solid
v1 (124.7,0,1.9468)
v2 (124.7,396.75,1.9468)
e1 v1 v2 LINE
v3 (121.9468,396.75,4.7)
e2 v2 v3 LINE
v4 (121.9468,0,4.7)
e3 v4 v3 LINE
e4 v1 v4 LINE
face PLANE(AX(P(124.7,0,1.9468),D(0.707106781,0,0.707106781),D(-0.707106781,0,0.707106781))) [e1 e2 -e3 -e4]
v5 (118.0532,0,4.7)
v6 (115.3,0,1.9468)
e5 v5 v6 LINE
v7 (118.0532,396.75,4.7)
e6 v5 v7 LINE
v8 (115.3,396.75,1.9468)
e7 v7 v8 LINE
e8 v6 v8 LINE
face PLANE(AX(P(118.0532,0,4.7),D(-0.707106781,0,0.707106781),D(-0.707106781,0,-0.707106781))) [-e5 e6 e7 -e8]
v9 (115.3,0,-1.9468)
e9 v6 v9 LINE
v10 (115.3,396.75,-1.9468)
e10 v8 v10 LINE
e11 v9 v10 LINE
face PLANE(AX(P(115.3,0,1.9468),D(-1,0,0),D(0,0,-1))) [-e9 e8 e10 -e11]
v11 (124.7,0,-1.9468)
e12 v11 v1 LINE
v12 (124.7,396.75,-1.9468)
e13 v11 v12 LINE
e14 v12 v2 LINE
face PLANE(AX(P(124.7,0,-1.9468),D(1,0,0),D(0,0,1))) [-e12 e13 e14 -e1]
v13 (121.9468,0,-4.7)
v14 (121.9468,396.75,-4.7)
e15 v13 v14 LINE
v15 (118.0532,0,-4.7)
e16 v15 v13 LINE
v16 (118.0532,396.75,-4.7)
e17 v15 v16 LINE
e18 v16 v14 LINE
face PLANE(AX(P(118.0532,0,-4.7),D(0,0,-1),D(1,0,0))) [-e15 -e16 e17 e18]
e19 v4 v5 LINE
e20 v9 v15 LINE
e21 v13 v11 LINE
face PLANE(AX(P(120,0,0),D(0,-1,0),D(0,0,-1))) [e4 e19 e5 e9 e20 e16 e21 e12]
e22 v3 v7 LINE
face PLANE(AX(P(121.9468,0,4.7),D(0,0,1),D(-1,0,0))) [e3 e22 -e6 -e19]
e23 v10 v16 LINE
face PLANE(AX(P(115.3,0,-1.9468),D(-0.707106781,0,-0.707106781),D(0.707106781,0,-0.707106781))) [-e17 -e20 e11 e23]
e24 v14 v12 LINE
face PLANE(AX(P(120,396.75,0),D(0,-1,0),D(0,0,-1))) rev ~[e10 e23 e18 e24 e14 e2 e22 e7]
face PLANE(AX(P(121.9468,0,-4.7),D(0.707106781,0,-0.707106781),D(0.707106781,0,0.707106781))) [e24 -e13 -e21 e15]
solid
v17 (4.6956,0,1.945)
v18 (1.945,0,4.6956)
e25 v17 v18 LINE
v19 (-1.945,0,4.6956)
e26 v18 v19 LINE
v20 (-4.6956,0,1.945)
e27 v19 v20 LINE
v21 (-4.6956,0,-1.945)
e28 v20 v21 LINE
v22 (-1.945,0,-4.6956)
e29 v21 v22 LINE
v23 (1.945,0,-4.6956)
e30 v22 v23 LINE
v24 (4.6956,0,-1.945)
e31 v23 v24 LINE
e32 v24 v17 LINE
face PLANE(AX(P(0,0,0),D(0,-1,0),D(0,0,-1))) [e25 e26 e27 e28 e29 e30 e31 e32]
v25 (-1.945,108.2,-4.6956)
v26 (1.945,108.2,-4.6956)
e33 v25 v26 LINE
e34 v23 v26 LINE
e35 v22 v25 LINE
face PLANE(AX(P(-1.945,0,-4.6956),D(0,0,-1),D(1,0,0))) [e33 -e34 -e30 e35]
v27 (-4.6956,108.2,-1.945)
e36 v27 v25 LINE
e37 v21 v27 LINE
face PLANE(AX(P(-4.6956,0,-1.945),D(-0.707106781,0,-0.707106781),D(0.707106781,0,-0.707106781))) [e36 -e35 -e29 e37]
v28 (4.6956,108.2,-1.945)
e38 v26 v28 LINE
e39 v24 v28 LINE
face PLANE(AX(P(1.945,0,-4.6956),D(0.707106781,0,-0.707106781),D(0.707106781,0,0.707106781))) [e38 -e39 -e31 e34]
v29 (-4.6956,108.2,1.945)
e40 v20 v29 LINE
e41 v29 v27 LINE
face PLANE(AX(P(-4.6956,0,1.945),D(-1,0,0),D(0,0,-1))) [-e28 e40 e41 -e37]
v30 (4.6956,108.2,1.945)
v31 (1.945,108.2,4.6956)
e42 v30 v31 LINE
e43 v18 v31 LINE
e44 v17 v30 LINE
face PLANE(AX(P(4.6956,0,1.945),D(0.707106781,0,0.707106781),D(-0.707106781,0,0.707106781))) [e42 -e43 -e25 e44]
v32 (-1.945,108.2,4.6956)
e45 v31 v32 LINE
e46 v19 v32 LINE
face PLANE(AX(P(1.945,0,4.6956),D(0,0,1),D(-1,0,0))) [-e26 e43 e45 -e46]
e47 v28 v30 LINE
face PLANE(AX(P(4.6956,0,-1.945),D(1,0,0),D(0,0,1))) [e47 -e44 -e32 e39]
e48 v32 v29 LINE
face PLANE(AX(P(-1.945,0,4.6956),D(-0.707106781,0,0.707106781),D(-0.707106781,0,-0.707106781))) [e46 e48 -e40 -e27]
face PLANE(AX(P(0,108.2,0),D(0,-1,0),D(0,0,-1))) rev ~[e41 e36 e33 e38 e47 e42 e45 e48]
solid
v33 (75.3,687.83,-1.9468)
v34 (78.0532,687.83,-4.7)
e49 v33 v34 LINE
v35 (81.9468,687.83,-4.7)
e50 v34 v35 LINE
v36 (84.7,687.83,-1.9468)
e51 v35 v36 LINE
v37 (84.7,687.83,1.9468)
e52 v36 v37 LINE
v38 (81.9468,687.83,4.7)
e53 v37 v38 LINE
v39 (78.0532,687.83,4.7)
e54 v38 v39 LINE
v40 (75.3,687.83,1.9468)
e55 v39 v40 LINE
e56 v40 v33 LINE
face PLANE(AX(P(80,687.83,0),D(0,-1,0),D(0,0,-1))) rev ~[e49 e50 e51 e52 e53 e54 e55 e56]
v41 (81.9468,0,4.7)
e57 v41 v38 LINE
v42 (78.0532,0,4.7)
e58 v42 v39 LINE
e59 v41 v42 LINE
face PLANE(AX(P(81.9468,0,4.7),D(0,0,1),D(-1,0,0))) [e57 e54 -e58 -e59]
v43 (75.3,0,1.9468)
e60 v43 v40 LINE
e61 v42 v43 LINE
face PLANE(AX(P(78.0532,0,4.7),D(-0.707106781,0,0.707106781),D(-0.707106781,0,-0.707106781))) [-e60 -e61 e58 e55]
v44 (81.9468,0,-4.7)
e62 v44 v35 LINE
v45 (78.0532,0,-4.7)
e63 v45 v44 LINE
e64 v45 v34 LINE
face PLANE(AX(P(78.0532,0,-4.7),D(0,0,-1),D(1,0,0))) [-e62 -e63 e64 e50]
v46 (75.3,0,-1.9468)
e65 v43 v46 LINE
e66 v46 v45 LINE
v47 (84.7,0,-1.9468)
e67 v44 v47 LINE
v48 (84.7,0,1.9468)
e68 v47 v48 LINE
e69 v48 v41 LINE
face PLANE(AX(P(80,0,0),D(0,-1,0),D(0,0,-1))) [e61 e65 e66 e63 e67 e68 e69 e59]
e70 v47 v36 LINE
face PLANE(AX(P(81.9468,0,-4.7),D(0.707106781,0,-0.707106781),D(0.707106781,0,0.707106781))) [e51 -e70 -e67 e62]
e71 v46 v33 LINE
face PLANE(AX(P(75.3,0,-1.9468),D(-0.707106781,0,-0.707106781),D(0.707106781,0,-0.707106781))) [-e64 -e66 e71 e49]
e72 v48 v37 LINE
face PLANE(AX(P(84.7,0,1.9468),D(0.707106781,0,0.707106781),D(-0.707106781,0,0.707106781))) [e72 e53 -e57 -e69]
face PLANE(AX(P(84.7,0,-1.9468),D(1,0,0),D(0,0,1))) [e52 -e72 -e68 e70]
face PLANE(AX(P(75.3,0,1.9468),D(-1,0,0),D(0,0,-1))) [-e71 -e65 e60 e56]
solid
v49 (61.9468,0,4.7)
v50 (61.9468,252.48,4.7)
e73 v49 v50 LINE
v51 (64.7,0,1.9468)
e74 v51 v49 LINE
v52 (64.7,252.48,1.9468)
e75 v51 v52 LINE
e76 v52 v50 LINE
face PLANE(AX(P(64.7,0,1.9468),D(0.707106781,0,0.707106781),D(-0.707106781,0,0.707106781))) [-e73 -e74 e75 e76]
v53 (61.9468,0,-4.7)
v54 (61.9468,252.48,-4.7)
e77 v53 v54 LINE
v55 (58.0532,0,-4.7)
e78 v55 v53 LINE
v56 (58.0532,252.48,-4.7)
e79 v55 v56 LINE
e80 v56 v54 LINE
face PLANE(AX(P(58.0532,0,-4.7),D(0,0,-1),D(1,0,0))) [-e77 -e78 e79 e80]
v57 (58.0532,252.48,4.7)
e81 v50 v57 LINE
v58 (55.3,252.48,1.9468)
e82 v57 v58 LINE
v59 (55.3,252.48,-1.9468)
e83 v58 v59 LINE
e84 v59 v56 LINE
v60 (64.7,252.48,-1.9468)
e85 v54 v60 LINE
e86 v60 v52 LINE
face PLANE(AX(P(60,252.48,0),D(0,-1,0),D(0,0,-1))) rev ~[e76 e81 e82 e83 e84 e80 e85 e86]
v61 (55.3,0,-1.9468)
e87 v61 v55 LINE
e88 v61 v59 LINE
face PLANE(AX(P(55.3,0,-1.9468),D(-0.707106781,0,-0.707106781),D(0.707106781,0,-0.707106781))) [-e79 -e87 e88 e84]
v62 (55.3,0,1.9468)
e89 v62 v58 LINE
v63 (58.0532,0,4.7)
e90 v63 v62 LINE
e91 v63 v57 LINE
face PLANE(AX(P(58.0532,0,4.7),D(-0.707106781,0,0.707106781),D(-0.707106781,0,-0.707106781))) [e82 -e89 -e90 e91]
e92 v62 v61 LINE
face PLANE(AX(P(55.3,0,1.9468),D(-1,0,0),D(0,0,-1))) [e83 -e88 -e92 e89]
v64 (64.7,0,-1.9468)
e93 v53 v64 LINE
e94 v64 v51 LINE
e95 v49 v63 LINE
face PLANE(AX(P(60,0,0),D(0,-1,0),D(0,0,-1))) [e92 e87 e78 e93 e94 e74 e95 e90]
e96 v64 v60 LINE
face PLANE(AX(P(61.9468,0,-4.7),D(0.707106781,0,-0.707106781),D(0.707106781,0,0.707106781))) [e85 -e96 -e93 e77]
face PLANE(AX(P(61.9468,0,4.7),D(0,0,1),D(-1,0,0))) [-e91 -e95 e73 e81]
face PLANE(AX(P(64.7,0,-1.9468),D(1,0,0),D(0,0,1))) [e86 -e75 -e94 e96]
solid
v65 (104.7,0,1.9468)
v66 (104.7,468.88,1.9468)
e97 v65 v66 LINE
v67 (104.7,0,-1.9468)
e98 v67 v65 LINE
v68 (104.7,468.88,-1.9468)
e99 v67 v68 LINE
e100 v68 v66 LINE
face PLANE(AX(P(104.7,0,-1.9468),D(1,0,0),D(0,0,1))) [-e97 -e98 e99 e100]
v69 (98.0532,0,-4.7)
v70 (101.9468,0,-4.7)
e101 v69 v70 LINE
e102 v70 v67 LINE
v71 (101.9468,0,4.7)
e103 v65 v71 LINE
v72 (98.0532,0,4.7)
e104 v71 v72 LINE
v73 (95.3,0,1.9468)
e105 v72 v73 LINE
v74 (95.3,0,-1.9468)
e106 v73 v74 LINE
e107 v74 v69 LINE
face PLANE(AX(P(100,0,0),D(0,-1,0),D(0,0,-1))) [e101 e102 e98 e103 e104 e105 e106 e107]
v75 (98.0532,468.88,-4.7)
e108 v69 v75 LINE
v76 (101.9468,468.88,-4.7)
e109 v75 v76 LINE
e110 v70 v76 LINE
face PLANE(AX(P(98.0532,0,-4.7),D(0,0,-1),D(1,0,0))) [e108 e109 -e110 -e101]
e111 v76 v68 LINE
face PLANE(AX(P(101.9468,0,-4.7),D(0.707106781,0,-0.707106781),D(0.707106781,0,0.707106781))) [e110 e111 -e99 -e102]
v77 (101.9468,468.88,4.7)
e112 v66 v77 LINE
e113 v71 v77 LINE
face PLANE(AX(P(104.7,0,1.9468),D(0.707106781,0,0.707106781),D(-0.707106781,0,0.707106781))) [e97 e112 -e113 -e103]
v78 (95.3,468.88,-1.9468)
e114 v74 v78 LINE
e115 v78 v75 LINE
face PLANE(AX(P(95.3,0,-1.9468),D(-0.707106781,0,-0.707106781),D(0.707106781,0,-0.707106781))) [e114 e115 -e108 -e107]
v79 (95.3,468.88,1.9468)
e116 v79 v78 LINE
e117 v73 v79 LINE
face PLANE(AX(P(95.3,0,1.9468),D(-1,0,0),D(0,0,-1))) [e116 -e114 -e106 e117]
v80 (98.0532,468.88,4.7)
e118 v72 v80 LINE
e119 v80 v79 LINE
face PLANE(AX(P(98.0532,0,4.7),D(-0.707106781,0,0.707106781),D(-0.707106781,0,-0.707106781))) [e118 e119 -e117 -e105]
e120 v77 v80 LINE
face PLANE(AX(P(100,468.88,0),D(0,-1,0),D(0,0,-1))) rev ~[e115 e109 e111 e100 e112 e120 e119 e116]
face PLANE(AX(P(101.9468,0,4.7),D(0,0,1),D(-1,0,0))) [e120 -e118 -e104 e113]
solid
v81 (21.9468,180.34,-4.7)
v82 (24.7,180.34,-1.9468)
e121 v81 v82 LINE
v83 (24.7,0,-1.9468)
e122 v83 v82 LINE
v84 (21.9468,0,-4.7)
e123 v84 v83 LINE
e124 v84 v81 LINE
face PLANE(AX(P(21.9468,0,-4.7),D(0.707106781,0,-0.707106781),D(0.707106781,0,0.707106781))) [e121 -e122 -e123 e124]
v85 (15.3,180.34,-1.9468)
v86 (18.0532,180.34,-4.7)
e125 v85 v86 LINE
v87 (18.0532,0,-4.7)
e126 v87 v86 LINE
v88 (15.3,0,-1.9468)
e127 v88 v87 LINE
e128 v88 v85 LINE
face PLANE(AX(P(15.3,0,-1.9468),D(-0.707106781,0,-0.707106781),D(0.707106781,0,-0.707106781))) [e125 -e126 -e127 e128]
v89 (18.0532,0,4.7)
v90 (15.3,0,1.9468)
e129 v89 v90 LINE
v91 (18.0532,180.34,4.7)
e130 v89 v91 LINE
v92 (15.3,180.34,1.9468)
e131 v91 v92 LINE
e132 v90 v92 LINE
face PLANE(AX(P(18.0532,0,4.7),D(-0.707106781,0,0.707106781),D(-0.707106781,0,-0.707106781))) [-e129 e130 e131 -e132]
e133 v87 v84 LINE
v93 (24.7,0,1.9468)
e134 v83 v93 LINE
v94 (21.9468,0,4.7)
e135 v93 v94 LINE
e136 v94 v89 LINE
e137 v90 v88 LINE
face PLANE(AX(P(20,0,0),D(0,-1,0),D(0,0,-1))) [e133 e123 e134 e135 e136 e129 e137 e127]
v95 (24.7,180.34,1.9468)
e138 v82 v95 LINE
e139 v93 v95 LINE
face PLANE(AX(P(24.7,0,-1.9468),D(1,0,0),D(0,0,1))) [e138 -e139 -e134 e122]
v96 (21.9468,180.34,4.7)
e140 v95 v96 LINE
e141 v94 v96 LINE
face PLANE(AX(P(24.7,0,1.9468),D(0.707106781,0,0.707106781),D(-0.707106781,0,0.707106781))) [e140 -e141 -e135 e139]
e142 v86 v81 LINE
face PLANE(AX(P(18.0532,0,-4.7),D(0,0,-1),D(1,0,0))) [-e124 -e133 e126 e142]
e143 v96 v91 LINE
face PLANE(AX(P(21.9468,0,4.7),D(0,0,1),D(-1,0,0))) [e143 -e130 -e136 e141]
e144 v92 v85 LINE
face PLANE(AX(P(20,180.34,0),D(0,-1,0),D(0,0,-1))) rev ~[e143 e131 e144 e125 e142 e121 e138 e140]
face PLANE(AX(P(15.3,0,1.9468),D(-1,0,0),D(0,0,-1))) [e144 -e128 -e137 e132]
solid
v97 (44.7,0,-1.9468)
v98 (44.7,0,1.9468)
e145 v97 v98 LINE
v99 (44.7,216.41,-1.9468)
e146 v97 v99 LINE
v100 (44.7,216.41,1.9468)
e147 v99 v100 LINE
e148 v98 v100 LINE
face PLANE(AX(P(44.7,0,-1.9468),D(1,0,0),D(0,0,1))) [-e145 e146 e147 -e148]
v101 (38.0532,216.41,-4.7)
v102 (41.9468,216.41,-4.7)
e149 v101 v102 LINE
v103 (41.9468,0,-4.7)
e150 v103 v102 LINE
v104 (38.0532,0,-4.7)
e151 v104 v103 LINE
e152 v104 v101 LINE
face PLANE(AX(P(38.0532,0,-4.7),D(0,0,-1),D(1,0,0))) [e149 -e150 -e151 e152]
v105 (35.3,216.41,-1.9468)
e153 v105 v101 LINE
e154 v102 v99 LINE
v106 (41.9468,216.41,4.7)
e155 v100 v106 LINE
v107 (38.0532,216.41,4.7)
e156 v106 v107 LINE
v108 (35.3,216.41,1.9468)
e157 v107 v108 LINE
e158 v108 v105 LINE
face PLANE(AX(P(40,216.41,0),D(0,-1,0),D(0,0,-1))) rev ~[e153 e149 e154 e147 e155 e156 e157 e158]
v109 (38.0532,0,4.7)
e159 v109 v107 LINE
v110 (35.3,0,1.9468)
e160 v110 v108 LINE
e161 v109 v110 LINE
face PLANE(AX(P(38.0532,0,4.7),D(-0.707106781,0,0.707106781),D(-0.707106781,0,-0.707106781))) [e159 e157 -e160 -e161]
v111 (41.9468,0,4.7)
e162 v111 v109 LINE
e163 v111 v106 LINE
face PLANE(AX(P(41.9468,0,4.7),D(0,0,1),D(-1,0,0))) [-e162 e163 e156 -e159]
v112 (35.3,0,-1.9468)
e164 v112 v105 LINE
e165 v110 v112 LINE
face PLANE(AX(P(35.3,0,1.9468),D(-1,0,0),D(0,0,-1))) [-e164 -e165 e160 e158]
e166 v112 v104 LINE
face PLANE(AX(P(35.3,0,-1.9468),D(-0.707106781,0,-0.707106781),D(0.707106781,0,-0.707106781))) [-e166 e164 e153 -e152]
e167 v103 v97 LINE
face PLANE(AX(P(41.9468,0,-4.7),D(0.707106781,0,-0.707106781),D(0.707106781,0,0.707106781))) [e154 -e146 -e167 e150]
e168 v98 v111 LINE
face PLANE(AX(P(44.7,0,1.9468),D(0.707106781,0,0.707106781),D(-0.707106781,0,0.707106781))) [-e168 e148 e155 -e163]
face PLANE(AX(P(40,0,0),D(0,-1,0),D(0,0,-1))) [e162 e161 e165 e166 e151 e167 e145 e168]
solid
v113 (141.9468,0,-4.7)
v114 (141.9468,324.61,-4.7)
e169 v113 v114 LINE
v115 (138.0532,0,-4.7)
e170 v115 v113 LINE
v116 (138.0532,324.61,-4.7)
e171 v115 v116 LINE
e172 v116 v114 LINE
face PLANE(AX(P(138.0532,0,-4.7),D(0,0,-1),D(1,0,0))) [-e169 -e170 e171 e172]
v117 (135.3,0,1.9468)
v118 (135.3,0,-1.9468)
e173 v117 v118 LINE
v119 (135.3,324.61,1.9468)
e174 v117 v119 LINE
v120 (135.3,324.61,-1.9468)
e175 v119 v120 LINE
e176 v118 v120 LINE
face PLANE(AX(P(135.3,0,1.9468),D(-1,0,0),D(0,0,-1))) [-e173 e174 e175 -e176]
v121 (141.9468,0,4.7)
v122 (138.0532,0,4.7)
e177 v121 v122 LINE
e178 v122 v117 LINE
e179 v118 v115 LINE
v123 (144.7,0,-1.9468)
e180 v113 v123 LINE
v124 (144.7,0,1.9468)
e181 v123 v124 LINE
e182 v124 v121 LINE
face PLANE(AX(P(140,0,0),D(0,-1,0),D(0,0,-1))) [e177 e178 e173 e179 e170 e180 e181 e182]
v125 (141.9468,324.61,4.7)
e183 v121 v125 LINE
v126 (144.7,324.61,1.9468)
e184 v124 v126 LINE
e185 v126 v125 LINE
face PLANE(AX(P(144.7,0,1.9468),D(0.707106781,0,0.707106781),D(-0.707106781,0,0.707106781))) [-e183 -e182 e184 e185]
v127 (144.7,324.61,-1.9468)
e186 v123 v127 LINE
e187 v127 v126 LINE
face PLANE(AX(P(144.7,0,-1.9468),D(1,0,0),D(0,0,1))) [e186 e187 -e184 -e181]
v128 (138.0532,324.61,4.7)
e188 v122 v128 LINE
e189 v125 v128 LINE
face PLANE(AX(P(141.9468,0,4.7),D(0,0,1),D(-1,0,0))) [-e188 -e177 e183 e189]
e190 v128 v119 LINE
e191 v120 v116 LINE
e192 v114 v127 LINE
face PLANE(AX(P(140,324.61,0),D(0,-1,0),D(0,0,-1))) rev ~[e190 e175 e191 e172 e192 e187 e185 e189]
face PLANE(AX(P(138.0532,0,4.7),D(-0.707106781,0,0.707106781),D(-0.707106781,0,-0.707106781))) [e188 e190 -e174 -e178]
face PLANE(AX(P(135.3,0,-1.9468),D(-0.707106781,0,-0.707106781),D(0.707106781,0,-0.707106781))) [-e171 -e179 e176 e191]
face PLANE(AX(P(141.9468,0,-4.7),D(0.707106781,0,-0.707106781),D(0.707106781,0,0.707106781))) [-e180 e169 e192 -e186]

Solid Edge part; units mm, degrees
sketch "Sketch1" plane through (0, 0, 0) normal (0, -1, 0) x (1, 0, 0)
  line L0 (4.6956, 1.945) -> (1.945, 4.6956)
  line L1 (1.945, 4.6956) -> (-1.945, 4.6956)
  line L2 (-1.945, 4.6956) -> (-4.6956, 1.945)
  line L3 (-4.6956, 1.945) -> (-4.6956, -1.945)
  line L4 (-4.6956, -1.945) -> (-1.945, -4.6956)
  line L5 (-1.945, -4.6956) -> (1.945, -4.6956)
  line L6 (1.945, -4.6956) -> (4.6956, -1.945)
  line L7 (4.6956, -1.945) -> (4.6956, 1.945)
extrude "Protrusion1" add sketch "Sketch1" against normal blind 108.2
sketch "Sketch2" plane through (0, 0, 0) normal (0, -1, 0) x (1, 0, 0)
  line L0 (24.7, 1.9468) -> (21.9468, 4.7)
  line L1 (21.9468, 4.7) -> (18.0532, 4.7)
  line L2 (18.0532, 4.7) -> (15.3, 1.9468)
  line L3 (15.3, 1.9468) -> (15.3, -1.9468)
  line L4 (15.3, -1.9468) -> (18.0532, -4.7)
  line L5 (18.0532, -4.7) -> (21.9468, -4.7)
  line L6 (21.9468, -4.7) -> (24.7, -1.9468)
  line L7 (24.7, -1.9468) -> (24.7, 1.9468)
extrude "ExtrudedProtrusion_2" add sketch "Sketch2" against normal blind 180.34
sketch "Sketch3" plane through (0, 0, 0) normal (0, -1, 0) x (1, 0, 0)
  line L0 (44.7, 1.9468) -> (41.9468, 4.7)
  line L1 (41.9468, 4.7) -> (38.0532, 4.7)
  line L2 (38.0532, 4.7) -> (35.3, 1.9468)
  line L3 (35.3, 1.9468) -> (35.3, -1.9468)
  line L4 (35.3, -1.9468) -> (38.0532, -4.7)
  line L5 (38.0532, -4.7) -> (41.9468, -4.7)
  line L6 (41.9468, -4.7) -> (44.7, -1.9468)
  line L7 (44.7, -1.9468) -> (44.7, 1.9468)
extrude "ExtrudedProtrusion_3" add sketch "Sketch3" against normal blind 216.41
sketch "Sketch4" plane through (0, 0, 0) normal (0, -1, 0) x (1, 0, 0)
  line L0 (64.7, 1.9468) -> (61.9468, 4.7)
  line L1 (61.9468, 4.7) -> (58.0532, 4.7)
  line L2 (58.0532, 4.7) -> (55.3, 1.9468)
  line L3 (55.3, 1.9468) -> (55.3, -1.9468)
  line L4 (55.3, -1.9468) -> (58.0532, -4.7)
  line L5 (58.0532, -4.7) -> (61.9468, -4.7)
  line L6 (61.9468, -4.7) -> (64.7, -1.9468)
  line L7 (64.7, -1.9468) -> (64.7, 1.9468)
extrude "ExtrudedProtrusion_4" add sketch "Sketch4" against normal blind 252.48
sketch "Sketch5" plane through (0, 0, 0) normal (0, -1, 0) x (1, 0, 0)
  line L0 (84.7, 1.9468) -> (81.9468, 4.7)
  line L1 (81.9468, 4.7) -> (78.0532, 4.7)
  line L2 (78.0532, 4.7) -> (75.3, 1.9468)
  line L3 (75.3, 1.9468) -> (75.3, -1.9468)
  line L4 (75.3, -1.9468) -> (78.0532, -4.7)
  line L5 (78.0532, -4.7) -> (81.9468, -4.7)
  line L6 (81.9468, -4.7) -> (84.7, -1.9468)
  line L7 (84.7, -1.9468) -> (84.7, 1.9468)
extrude "ExtrudedProtrusion_5" add sketch "Sketch5" against normal blind 687.83
sketch "Sketch6" plane through (0, 0, 0) normal (0, -1, 0) x (1, 0, 0)
  line L0 (104.7, 1.9468) -> (101.9468, 4.7)
  line L1 (101.9468, 4.7) -> (98.0532, 4.7)
  line L2 (98.0532, 4.7) -> (95.3, 1.9468)
  line L3 (95.3, 1.9468) -> (95.3, -1.9468)
  line L4 (95.3, -1.9468) -> (98.0532, -4.7)
  line L5 (98.0532, -4.7) -> (101.9468, -4.7)
  line L6 (101.9468, -4.7) -> (104.7, -1.9468)
  line L7 (104.7, -1.9468) -> (104.7, 1.9468)
extrude "ExtrudedProtrusion_6" add sketch "Sketch6" against normal blind 468.88
sketch "Sketch7" plane through (0, 0, 0) normal (0, -1, 0) x (1, 0, 0)
  line L0 (124.7, 1.9468) -> (121.9468, 4.7)
  line L1 (121.9468, 4.7) -> (118.0532, 4.7)
  line L2 (118.0532, 4.7) -> (115.3, 1.9468)
  line L3 (115.3, 1.9468) -> (115.3, -1.9468)
  line L4 (115.3, -1.9468) -> (118.0532, -4.7)
  line L5 (118.0532, -4.7) -> (121.9468, -4.7)
  line L6 (121.9468, -4.7) -> (124.7, -1.9468)
  line L7 (124.7, -1.9468) -> (124.7, 1.9468)
extrude "ExtrudedProtrusion_7" add sketch "Sketch7" against normal blind 396.75
sketch "Sketch8" plane through (0, 0, 0) normal (0, -1, 0) x (1, 0, 0)
  line L0 (144.7, 1.9468) -> (141.9468, 4.7)
  line L1 (141.9468, 4.7) -> (138.0532, 4.7)
  line L2 (138.0532, 4.7) -> (135.3, 1.9468)
  line L3 (135.3, 1.9468) -> (135.3, -1.9468)
  line L4 (135.3, -1.9468) -> (138.0532, -4.7)
  line L5 (138.0532, -4.7) -> (141.9468, -4.7)
  line L6 (141.9468, -4.7) -> (144.7, -1.9468)
  line L7 (144.7, -1.9468) -> (144.7, 1.9468)
extrude "ExtrudedProtrusion_8" add sketch "Sketch8" against normal blind 324.61
